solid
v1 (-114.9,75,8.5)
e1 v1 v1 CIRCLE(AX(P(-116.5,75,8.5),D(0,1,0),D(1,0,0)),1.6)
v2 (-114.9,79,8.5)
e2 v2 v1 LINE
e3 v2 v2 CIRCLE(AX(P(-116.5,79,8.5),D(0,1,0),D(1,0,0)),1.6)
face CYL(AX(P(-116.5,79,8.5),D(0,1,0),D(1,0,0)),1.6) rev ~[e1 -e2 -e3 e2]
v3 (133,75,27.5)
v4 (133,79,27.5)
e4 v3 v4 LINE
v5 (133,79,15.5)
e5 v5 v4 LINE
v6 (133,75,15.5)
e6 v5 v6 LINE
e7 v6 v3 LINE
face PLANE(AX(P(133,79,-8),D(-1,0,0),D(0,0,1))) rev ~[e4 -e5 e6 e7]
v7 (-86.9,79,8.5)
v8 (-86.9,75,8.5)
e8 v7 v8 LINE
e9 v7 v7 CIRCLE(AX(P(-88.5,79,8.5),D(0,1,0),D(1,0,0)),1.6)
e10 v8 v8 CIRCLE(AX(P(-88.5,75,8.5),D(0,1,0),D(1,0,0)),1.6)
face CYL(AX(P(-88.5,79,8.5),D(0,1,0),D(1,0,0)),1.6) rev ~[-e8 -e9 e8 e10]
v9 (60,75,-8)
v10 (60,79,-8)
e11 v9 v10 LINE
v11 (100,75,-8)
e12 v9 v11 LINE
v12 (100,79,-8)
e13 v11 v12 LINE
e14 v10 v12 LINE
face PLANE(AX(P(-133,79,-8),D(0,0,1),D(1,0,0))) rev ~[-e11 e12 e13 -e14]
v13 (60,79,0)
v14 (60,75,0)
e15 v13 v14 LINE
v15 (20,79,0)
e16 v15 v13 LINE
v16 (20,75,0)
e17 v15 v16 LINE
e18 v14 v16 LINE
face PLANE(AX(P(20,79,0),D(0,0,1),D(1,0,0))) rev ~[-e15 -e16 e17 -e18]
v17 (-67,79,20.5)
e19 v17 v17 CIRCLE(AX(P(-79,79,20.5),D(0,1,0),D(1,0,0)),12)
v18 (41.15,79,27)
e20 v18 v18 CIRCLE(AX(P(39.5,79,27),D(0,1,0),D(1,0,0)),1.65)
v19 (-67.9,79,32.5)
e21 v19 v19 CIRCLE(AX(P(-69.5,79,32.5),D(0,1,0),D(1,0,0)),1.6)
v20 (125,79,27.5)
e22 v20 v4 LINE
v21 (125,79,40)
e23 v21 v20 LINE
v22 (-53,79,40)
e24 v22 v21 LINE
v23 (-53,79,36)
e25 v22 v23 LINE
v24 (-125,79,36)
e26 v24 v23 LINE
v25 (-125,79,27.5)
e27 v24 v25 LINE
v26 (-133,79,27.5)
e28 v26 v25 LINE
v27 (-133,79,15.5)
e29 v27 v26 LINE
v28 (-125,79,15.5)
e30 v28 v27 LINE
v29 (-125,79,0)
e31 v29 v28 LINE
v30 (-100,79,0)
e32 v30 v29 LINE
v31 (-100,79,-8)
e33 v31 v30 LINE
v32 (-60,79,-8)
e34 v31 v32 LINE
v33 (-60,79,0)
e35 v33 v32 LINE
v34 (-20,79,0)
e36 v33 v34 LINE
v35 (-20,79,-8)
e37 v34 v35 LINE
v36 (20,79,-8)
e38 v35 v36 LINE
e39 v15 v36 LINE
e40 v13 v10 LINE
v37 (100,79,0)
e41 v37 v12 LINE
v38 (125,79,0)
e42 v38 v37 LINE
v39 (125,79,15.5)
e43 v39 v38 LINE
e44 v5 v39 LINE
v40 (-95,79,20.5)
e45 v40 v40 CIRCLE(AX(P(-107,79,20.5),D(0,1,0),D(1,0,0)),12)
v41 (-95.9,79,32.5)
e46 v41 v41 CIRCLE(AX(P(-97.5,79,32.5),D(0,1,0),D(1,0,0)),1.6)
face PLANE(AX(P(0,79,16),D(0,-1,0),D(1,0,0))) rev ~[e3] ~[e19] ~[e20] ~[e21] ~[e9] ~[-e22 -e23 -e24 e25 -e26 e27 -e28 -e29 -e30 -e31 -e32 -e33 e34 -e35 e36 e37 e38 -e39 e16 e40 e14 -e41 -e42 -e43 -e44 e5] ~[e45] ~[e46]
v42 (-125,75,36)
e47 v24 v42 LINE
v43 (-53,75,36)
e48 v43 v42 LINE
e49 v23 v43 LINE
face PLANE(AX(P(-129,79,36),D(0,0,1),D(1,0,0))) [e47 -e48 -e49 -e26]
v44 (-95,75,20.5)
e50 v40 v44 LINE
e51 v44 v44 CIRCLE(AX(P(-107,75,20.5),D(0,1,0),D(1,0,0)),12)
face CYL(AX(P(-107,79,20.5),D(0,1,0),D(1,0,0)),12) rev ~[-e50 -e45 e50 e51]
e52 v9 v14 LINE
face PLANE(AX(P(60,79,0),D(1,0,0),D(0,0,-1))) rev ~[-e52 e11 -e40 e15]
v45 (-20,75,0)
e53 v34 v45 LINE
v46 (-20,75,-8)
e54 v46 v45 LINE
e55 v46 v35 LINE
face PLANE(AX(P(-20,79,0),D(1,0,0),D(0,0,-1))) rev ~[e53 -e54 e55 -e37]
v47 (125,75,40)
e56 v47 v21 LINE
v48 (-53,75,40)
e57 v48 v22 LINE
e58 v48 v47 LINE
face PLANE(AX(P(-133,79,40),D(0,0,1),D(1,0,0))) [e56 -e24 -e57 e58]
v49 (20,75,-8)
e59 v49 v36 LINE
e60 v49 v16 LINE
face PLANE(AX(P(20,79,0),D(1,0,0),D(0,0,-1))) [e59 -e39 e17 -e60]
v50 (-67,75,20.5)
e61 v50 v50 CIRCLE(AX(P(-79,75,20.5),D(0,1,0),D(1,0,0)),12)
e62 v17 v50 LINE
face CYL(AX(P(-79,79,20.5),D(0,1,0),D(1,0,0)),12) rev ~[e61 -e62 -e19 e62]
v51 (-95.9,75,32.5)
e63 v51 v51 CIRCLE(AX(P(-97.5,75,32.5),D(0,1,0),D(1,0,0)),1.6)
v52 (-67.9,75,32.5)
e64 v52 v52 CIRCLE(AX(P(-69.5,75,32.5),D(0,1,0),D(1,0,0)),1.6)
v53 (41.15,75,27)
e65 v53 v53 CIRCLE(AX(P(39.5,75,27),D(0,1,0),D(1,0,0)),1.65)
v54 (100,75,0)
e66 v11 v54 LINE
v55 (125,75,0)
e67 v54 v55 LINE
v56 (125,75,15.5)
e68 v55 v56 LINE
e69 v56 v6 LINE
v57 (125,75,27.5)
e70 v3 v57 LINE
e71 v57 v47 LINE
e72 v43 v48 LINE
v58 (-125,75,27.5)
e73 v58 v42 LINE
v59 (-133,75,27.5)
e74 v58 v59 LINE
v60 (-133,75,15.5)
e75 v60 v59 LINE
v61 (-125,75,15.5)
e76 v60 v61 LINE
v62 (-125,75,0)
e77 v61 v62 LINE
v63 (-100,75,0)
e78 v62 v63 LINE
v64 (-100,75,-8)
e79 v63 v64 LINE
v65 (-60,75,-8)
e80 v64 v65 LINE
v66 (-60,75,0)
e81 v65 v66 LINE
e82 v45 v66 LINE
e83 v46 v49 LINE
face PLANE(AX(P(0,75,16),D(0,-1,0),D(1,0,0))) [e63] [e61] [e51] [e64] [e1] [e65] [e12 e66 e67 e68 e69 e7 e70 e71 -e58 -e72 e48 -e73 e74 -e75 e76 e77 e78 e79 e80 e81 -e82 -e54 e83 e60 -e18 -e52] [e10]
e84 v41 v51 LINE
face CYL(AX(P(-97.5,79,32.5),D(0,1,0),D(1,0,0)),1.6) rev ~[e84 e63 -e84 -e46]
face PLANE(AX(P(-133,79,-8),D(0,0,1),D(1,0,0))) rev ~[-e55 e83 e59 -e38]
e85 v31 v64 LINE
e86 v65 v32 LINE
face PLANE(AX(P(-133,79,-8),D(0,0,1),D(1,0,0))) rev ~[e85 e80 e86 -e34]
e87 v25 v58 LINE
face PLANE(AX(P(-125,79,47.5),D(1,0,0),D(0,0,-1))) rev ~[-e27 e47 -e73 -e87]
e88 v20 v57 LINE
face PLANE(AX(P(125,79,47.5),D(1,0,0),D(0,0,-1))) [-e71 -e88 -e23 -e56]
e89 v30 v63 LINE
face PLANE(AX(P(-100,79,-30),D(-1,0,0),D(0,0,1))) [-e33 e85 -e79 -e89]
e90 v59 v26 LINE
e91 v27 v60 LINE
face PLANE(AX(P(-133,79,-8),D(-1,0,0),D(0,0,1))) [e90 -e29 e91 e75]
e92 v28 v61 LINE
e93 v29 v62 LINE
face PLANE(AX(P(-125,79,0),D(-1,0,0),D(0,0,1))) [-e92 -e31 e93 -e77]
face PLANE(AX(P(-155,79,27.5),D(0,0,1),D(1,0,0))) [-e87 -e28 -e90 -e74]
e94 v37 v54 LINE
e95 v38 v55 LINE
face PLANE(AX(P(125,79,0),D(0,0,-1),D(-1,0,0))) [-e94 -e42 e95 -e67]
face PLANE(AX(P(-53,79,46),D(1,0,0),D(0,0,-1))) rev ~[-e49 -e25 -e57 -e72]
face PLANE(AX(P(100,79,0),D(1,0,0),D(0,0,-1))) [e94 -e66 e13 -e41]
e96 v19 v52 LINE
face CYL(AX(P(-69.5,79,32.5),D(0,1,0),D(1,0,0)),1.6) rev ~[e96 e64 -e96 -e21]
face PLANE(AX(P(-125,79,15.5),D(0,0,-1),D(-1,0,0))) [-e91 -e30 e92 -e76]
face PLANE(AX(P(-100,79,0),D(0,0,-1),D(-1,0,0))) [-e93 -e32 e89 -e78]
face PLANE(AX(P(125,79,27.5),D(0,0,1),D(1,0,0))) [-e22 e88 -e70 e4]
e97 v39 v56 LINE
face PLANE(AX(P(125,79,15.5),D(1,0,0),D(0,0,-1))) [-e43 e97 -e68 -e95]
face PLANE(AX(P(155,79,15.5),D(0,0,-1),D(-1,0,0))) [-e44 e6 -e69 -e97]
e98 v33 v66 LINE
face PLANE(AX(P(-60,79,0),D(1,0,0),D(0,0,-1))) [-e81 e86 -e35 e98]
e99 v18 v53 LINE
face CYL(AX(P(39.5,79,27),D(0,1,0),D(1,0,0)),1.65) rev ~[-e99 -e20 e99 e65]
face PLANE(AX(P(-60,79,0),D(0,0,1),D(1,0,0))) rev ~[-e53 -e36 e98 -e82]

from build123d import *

# Parameters (mm, degrees)
SKETCH006_W     = 266
SKETCH006_H     = 48
PAD003_DEPTH    = 4
SKETCH024_W     = 40
SKETCH024_H     = 30
SKETCH024_W_2   = 30
SKETCH024_H_2   = 20
POCKET007_DEPTH = 4.001
SKETCH031_R     = 12
SKETCH031_R_2   = 1.6
POCKET014_DEPTH = 4.001
SKETCH040_R     = 1.65
HOLE005_DEPTH   = 4.001
SKETCH055_W     = 76
SKETCH055_H     = 10
POCKET021_DEPTH = 4.001


with BuildPart() as part:
    # Sketch006 (on DatumPlane) → Pad003 (new body)
    with BuildSketch(Plane.XZ.offset(-79)):
        with Locations((0, 16)):
            Rectangle(SKETCH006_W, SKETCH006_H)
    extrude(amount=PAD003_DEPTH)

    # Sketch024 (on Face5 of Pad003) → Pocket007 (cut, through all)
    with BuildSketch(Plane(origin=(0, 79, 0), x_dir=(1, 0, 0), z_dir=(0, 1, 0))):
        Polygon((-145, 30), (-100, 30), (-100, 0), (-125, 0), (-125, -15.5), (-155, -15.5), (-155, 4.5), (-145, 4.5), align=None)
        with Locations((-40, 15)):
            Rectangle(SKETCH024_W, SKETCH024_H)
        with Locations((40, 15)):
            Rectangle(SKETCH024_W, SKETCH024_H)
        Polygon((100, 30), (145, 30), (145, 4.5), (155, 4.5), (155, -15.5), (125, -15.5), (125, 0), (100, 0), align=None)
        with Locations((-140, -37.5)):
            Rectangle(SKETCH024_W_2, SKETCH024_H_2)
        with Locations((140, -37.5)):
            Rectangle(SKETCH024_W_2, SKETCH024_H_2)
    extrude(amount=-POCKET007_DEPTH, mode=Mode.SUBTRACT)

    # Sketch031 (on Face2 of Pocket007) → Pocket014 (cut, through all)
    with BuildSketch(Plane(origin=(0, 79, 0), x_dir=(1, 0, 0), z_dir=(0, 1, 0))):
        with Locations((-107, -20.5)):
            Circle(SKETCH031_R)
        with Locations((-116.5, -8.5)):
            Circle(SKETCH031_R_2)
        with Locations((-97.5, -32.5)):
            Circle(SKETCH031_R_2)
        with Locations((-88.5, -8.5)):
            Circle(SKETCH031_R_2)
        with Locations((-79, -20.5)):
            Circle(SKETCH031_R)
        with Locations((-69.5, -32.5)):
            Circle(SKETCH031_R_2)
    extrude(amount=-POCKET014_DEPTH, mode=Mode.SUBTRACT)

    # Sketch040 (on Face2 of Pocket014) → Hole005 (cut, through all)
    with BuildSketch(Plane(origin=(0, 79, 0), x_dir=(1, 0, 0), z_dir=(0, 1, 0))):
        with Locations((39.5, -27)):
            Circle(SKETCH040_R)
    extrude(amount=-HOLE005_DEPTH, mode=Mode.SUBTRACT)

    # Sketch055 (on Face2 of Pocket007) → Pocket021 (cut, through all)
    with BuildSketch(Plane(origin=(0, 79, 0), x_dir=(1, 0, 0), z_dir=(0, 1, 0))):
        with Locations((-91, -41)):
            Rectangle(SKETCH055_W, SKETCH055_H)
    extrude(amount=-POCKET021_DEPTH, mode=Mode.SUBTRACT)


solid = part.part
